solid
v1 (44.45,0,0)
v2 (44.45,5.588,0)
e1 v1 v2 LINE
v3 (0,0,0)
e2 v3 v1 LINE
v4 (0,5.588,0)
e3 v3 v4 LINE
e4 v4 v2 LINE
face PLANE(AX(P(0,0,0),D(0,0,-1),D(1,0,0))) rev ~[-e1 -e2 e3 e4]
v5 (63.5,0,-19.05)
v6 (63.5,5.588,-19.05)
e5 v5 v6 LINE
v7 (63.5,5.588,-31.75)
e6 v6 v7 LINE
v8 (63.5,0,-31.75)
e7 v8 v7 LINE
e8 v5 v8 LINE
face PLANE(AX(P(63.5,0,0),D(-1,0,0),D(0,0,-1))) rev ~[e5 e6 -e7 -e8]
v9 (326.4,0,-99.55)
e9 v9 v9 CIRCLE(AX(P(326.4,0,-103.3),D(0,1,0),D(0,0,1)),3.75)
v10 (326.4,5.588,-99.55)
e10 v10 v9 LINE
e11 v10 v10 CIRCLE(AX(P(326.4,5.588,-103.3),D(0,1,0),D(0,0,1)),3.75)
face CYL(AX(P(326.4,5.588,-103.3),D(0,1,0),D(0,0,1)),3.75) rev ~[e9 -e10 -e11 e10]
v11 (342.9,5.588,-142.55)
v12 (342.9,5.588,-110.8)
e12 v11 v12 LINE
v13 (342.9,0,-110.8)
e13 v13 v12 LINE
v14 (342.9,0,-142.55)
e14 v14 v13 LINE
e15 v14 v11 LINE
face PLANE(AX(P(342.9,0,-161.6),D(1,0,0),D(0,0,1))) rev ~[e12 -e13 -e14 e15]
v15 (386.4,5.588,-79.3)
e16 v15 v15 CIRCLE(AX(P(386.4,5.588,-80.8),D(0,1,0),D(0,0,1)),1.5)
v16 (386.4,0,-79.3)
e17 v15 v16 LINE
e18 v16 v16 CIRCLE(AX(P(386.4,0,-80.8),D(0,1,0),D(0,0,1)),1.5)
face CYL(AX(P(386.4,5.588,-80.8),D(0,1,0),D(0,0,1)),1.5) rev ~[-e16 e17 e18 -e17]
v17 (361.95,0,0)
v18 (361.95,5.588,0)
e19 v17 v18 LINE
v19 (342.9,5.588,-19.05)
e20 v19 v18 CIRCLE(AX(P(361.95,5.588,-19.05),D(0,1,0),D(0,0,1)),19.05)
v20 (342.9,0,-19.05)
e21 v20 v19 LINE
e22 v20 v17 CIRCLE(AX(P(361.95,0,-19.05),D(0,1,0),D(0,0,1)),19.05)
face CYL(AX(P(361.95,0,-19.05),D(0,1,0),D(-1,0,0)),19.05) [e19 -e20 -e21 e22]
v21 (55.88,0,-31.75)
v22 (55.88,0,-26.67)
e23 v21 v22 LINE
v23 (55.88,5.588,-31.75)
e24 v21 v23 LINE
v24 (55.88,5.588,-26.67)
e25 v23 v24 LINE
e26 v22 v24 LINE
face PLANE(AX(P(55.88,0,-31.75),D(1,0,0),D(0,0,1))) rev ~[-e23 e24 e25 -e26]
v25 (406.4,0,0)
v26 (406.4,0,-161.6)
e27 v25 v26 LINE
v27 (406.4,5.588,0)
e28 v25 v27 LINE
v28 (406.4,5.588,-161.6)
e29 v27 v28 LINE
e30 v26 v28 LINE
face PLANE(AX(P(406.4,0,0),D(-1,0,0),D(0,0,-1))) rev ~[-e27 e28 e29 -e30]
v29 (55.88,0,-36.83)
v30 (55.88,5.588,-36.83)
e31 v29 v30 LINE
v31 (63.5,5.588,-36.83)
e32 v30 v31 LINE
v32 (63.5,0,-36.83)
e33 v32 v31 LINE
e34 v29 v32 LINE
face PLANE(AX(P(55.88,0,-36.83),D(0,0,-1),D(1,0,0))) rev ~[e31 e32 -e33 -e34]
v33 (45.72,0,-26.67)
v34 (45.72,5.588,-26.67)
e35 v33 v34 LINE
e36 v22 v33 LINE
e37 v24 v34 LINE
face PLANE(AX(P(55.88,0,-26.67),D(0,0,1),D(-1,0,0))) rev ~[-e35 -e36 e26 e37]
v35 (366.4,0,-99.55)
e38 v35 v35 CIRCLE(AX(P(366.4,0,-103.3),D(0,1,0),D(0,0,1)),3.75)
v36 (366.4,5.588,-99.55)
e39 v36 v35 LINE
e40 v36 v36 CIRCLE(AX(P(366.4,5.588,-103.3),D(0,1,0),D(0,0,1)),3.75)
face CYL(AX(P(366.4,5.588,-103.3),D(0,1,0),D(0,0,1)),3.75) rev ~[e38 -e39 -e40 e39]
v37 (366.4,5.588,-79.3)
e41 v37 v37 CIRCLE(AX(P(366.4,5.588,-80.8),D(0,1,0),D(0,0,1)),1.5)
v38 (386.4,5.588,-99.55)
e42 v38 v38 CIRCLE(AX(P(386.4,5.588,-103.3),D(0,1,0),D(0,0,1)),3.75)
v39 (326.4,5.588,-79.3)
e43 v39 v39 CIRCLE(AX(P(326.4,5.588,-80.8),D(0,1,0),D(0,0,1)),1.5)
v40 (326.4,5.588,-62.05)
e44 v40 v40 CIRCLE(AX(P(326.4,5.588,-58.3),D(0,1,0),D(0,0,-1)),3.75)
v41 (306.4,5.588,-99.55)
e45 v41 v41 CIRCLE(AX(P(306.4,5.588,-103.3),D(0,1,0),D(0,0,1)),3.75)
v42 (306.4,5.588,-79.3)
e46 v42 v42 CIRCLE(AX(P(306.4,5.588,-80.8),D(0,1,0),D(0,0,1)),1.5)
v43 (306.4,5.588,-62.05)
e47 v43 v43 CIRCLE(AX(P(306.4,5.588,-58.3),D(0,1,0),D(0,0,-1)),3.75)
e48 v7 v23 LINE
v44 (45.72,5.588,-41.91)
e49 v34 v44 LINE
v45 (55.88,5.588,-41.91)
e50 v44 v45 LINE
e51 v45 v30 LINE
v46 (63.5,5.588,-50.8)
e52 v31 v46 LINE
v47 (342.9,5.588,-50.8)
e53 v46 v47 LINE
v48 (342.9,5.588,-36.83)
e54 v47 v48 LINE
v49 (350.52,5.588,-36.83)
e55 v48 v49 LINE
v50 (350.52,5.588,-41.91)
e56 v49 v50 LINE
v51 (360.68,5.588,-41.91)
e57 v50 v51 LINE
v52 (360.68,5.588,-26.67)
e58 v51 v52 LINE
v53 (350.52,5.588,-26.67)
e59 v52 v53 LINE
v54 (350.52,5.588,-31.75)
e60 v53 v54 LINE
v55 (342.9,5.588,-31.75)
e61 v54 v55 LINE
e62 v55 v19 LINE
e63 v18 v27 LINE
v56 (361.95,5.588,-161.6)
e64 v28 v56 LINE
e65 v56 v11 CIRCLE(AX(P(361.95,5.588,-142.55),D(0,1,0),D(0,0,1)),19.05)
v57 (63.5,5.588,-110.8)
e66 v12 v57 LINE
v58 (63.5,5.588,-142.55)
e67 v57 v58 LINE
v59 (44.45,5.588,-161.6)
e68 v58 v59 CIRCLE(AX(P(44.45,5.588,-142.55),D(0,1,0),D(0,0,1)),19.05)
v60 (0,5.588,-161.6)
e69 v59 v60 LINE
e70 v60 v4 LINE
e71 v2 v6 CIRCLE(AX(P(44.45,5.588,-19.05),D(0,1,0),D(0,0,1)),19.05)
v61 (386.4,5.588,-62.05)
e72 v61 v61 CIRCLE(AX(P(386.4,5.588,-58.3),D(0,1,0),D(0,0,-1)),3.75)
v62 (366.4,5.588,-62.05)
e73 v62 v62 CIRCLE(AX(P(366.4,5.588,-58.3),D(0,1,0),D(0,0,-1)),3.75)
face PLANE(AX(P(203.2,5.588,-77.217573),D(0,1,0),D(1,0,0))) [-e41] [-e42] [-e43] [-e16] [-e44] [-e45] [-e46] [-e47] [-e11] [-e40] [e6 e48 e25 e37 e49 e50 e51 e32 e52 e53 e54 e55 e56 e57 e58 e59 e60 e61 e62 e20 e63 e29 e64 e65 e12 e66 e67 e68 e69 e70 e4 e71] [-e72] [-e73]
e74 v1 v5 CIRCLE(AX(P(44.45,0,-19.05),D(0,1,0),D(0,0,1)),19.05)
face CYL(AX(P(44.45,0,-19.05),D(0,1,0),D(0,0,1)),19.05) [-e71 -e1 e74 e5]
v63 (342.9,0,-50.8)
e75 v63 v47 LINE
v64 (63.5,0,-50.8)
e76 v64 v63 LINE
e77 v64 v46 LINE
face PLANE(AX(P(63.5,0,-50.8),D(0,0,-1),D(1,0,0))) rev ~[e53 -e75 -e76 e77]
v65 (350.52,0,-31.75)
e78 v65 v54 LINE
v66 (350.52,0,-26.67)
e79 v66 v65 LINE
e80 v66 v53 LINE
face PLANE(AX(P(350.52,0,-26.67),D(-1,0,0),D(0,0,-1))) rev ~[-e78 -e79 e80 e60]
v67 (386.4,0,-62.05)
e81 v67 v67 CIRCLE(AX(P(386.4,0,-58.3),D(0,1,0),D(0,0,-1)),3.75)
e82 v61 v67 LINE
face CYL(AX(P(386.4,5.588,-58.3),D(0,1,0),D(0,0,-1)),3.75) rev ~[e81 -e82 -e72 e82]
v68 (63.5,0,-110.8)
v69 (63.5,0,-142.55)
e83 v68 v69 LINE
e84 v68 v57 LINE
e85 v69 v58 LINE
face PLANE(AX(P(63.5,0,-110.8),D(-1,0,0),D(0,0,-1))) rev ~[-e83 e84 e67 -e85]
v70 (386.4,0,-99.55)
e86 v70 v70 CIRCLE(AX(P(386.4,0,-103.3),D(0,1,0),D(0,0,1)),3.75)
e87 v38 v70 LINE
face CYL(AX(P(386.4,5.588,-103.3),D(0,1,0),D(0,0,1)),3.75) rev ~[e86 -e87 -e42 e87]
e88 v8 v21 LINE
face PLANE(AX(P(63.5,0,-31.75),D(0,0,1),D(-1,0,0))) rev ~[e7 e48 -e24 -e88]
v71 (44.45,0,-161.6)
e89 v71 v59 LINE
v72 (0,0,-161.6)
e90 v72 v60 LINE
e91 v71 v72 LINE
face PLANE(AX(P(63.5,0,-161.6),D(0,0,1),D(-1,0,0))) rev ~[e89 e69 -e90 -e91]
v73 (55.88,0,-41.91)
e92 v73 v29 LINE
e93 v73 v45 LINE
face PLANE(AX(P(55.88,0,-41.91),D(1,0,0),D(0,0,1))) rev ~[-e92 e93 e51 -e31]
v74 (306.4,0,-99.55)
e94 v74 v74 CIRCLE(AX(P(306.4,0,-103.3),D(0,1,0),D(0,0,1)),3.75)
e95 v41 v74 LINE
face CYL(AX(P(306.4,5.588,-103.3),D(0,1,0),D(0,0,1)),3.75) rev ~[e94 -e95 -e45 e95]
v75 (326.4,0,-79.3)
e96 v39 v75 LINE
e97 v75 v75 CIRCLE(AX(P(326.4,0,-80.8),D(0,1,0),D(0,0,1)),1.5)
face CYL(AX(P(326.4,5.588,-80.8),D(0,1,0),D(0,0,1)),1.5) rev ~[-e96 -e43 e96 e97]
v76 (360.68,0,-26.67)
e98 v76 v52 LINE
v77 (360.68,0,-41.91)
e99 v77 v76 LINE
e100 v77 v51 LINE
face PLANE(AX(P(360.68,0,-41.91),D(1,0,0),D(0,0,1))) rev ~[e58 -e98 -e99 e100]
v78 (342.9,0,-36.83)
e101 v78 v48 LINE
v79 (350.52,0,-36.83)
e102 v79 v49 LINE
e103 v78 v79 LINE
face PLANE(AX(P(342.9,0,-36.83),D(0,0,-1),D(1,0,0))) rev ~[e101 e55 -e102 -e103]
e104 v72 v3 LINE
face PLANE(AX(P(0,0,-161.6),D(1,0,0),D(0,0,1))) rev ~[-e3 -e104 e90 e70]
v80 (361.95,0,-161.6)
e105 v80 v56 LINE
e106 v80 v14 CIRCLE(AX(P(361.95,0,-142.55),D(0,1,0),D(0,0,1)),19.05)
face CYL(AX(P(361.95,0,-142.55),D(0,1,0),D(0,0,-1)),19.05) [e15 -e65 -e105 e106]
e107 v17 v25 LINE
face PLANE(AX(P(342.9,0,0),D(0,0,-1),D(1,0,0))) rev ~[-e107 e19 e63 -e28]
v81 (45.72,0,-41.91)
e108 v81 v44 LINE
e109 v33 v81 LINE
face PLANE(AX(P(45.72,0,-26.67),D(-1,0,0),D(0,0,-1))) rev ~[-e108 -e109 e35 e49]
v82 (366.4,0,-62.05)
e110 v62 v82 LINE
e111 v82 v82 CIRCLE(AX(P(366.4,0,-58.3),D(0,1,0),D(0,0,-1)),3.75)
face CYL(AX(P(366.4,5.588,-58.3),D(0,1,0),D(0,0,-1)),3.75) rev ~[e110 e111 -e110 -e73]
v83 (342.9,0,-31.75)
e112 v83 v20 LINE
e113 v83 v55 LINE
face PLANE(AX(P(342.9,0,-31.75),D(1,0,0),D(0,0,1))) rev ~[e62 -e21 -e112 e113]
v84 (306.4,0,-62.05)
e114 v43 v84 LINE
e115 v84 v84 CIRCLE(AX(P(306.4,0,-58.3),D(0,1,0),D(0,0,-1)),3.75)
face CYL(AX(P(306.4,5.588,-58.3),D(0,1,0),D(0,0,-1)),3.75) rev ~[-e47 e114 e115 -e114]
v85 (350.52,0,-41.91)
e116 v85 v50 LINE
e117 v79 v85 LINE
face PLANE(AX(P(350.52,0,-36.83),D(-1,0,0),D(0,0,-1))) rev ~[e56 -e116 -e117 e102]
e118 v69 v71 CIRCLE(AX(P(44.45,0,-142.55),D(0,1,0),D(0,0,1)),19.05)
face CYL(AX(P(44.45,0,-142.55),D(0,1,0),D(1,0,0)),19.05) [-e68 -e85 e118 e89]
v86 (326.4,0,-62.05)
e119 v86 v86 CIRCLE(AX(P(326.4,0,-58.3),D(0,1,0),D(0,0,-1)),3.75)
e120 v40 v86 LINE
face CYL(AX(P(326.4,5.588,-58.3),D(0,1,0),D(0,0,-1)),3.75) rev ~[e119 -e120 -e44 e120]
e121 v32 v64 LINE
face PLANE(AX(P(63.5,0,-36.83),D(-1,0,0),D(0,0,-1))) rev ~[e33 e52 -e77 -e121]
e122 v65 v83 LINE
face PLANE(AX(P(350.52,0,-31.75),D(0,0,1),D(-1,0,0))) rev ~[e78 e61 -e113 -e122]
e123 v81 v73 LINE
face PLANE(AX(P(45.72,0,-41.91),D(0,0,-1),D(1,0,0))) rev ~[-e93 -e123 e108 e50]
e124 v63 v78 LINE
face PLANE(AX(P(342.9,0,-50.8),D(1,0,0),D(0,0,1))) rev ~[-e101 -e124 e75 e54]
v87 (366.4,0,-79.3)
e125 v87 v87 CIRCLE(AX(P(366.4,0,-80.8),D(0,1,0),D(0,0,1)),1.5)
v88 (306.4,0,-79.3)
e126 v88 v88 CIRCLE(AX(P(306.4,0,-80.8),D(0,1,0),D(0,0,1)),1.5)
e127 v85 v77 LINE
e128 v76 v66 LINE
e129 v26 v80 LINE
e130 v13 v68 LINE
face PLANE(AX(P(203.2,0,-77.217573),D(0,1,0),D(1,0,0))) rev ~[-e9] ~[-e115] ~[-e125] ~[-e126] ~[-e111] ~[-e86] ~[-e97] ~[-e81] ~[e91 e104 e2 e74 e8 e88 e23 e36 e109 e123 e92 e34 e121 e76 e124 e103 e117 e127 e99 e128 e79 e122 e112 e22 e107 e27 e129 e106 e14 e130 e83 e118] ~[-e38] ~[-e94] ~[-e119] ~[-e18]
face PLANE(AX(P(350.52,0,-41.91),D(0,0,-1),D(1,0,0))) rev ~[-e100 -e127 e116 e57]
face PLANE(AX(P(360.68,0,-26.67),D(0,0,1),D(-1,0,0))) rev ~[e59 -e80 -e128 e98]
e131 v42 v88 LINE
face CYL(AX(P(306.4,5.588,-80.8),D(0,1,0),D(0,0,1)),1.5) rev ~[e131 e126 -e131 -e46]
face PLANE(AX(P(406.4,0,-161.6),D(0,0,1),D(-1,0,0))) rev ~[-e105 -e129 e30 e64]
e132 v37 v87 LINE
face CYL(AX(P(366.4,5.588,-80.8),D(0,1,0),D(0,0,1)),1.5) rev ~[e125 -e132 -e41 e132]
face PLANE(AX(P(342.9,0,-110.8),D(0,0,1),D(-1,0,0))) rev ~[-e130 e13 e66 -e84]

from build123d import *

# Parameters (mm, degrees)
BOSS_EXTRUDE1_DEPTH = 5.588
FILLET1_R           = 19.05
SKETCH2_R           = 1.5
SKETCH2_R_2         = 3.75
CUT_EXTRUDE1_DEPTH  = 438.386266067


with BuildPart() as part:
    # Sketch1 → Boss-Extrude1 (new body)
    with BuildSketch(Plane(origin=(0, 0, 0), x_dir=(1, 0, 0), z_dir=(0, 1, 0))):
        Polygon((0, 161.6), (0, 0), (63.5, 0), (63.5, 31.75), (55.88, 31.75), (55.88, 26.67), (45.72, 26.67), (45.72, 41.91), (55.88, 41.91), (55.88, 36.83), (63.5, 36.83), (63.5, 50.8), (342.9, 50.8), (342.9, 36.83), (350.52, 36.83), (350.52, 41.91), (360.68, 41.91), (360.68, 26.67), (350.52, 26.67), (350.52, 31.75), (342.9, 31.75), (342.9, 0), (406.4, 0), (406.4, 161.6), (342.9, 161.6), (342.9, 110.8), (63.5, 110.8), (63.5, 161.6), align=None)
    extrude(amount=BOSS_EXTRUDE1_DEPTH)

    # Fillet1
    fillet1_edges = [part.edges().sort_by_distance(p)[0] for p in [
        (63.5, 2.794, 0),
        (63.5, 2.794, -161.6),
        (342.9, 2.794, -161.6),
        (342.9, 2.794, 0),
    ]]
    fillet(fillet1_edges, radius=FILLET1_R)

    # Sketch2 → Cut-Extrude1 (cut, through all)
    with BuildSketch(Plane(origin=(0, 5.588, 0), x_dir=(1, 0, 0), z_dir=(0, 1, 0))):
        with Locations(Location((366.4, 80.8, 0), (0, 0, 270))):
            Circle(SKETCH2_R)
        with Locations(Location((386.4, 80.8, 0), (0, 0, 270))):
            Circle(SKETCH2_R)
        with Locations(Location((366.4, 103.3, 0), (0, 0, 270))):
            Circle(SKETCH2_R_2)
        with Locations(Location((386.4, 103.3, 0), (0, 0, 270))):
            Circle(SKETCH2_R_2)
        with Locations(Location((386.4, 58.3, 0), (0, 0, 90))):
            Circle(SKETCH2_R_2)
        with Locations(Location((366.4, 58.3, 0), (0, 0, 90))):
            Circle(SKETCH2_R_2)
        with Locations(Location((306.4, 103.3, 0), (0, 0, 270))):
            Circle(SKETCH2_R_2)
        with Locations(Location((326.4, 103.3, 0), (0, 0, 270))):
            Circle(SKETCH2_R_2)
        with Locations(Location((326.4, 80.8, 0), (0, 0, 270))):
            Circle(SKETCH2_R)
        with Locations(Location((306.4, 80.8, 0), (0, 0, 270))):
            Circle(SKETCH2_R)
        with Locations(Location((306.4, 58.3, 0), (0, 0, 90))):
            Circle(SKETCH2_R_2)
        with Locations(Location((326.4, 58.3, 0), (0, 0, 90))):
            Circle(SKETCH2_R_2)
    extrude(amount=-CUT_EXTRUDE1_DEPTH, mode=Mode.SUBTRACT)


solid = part.part
